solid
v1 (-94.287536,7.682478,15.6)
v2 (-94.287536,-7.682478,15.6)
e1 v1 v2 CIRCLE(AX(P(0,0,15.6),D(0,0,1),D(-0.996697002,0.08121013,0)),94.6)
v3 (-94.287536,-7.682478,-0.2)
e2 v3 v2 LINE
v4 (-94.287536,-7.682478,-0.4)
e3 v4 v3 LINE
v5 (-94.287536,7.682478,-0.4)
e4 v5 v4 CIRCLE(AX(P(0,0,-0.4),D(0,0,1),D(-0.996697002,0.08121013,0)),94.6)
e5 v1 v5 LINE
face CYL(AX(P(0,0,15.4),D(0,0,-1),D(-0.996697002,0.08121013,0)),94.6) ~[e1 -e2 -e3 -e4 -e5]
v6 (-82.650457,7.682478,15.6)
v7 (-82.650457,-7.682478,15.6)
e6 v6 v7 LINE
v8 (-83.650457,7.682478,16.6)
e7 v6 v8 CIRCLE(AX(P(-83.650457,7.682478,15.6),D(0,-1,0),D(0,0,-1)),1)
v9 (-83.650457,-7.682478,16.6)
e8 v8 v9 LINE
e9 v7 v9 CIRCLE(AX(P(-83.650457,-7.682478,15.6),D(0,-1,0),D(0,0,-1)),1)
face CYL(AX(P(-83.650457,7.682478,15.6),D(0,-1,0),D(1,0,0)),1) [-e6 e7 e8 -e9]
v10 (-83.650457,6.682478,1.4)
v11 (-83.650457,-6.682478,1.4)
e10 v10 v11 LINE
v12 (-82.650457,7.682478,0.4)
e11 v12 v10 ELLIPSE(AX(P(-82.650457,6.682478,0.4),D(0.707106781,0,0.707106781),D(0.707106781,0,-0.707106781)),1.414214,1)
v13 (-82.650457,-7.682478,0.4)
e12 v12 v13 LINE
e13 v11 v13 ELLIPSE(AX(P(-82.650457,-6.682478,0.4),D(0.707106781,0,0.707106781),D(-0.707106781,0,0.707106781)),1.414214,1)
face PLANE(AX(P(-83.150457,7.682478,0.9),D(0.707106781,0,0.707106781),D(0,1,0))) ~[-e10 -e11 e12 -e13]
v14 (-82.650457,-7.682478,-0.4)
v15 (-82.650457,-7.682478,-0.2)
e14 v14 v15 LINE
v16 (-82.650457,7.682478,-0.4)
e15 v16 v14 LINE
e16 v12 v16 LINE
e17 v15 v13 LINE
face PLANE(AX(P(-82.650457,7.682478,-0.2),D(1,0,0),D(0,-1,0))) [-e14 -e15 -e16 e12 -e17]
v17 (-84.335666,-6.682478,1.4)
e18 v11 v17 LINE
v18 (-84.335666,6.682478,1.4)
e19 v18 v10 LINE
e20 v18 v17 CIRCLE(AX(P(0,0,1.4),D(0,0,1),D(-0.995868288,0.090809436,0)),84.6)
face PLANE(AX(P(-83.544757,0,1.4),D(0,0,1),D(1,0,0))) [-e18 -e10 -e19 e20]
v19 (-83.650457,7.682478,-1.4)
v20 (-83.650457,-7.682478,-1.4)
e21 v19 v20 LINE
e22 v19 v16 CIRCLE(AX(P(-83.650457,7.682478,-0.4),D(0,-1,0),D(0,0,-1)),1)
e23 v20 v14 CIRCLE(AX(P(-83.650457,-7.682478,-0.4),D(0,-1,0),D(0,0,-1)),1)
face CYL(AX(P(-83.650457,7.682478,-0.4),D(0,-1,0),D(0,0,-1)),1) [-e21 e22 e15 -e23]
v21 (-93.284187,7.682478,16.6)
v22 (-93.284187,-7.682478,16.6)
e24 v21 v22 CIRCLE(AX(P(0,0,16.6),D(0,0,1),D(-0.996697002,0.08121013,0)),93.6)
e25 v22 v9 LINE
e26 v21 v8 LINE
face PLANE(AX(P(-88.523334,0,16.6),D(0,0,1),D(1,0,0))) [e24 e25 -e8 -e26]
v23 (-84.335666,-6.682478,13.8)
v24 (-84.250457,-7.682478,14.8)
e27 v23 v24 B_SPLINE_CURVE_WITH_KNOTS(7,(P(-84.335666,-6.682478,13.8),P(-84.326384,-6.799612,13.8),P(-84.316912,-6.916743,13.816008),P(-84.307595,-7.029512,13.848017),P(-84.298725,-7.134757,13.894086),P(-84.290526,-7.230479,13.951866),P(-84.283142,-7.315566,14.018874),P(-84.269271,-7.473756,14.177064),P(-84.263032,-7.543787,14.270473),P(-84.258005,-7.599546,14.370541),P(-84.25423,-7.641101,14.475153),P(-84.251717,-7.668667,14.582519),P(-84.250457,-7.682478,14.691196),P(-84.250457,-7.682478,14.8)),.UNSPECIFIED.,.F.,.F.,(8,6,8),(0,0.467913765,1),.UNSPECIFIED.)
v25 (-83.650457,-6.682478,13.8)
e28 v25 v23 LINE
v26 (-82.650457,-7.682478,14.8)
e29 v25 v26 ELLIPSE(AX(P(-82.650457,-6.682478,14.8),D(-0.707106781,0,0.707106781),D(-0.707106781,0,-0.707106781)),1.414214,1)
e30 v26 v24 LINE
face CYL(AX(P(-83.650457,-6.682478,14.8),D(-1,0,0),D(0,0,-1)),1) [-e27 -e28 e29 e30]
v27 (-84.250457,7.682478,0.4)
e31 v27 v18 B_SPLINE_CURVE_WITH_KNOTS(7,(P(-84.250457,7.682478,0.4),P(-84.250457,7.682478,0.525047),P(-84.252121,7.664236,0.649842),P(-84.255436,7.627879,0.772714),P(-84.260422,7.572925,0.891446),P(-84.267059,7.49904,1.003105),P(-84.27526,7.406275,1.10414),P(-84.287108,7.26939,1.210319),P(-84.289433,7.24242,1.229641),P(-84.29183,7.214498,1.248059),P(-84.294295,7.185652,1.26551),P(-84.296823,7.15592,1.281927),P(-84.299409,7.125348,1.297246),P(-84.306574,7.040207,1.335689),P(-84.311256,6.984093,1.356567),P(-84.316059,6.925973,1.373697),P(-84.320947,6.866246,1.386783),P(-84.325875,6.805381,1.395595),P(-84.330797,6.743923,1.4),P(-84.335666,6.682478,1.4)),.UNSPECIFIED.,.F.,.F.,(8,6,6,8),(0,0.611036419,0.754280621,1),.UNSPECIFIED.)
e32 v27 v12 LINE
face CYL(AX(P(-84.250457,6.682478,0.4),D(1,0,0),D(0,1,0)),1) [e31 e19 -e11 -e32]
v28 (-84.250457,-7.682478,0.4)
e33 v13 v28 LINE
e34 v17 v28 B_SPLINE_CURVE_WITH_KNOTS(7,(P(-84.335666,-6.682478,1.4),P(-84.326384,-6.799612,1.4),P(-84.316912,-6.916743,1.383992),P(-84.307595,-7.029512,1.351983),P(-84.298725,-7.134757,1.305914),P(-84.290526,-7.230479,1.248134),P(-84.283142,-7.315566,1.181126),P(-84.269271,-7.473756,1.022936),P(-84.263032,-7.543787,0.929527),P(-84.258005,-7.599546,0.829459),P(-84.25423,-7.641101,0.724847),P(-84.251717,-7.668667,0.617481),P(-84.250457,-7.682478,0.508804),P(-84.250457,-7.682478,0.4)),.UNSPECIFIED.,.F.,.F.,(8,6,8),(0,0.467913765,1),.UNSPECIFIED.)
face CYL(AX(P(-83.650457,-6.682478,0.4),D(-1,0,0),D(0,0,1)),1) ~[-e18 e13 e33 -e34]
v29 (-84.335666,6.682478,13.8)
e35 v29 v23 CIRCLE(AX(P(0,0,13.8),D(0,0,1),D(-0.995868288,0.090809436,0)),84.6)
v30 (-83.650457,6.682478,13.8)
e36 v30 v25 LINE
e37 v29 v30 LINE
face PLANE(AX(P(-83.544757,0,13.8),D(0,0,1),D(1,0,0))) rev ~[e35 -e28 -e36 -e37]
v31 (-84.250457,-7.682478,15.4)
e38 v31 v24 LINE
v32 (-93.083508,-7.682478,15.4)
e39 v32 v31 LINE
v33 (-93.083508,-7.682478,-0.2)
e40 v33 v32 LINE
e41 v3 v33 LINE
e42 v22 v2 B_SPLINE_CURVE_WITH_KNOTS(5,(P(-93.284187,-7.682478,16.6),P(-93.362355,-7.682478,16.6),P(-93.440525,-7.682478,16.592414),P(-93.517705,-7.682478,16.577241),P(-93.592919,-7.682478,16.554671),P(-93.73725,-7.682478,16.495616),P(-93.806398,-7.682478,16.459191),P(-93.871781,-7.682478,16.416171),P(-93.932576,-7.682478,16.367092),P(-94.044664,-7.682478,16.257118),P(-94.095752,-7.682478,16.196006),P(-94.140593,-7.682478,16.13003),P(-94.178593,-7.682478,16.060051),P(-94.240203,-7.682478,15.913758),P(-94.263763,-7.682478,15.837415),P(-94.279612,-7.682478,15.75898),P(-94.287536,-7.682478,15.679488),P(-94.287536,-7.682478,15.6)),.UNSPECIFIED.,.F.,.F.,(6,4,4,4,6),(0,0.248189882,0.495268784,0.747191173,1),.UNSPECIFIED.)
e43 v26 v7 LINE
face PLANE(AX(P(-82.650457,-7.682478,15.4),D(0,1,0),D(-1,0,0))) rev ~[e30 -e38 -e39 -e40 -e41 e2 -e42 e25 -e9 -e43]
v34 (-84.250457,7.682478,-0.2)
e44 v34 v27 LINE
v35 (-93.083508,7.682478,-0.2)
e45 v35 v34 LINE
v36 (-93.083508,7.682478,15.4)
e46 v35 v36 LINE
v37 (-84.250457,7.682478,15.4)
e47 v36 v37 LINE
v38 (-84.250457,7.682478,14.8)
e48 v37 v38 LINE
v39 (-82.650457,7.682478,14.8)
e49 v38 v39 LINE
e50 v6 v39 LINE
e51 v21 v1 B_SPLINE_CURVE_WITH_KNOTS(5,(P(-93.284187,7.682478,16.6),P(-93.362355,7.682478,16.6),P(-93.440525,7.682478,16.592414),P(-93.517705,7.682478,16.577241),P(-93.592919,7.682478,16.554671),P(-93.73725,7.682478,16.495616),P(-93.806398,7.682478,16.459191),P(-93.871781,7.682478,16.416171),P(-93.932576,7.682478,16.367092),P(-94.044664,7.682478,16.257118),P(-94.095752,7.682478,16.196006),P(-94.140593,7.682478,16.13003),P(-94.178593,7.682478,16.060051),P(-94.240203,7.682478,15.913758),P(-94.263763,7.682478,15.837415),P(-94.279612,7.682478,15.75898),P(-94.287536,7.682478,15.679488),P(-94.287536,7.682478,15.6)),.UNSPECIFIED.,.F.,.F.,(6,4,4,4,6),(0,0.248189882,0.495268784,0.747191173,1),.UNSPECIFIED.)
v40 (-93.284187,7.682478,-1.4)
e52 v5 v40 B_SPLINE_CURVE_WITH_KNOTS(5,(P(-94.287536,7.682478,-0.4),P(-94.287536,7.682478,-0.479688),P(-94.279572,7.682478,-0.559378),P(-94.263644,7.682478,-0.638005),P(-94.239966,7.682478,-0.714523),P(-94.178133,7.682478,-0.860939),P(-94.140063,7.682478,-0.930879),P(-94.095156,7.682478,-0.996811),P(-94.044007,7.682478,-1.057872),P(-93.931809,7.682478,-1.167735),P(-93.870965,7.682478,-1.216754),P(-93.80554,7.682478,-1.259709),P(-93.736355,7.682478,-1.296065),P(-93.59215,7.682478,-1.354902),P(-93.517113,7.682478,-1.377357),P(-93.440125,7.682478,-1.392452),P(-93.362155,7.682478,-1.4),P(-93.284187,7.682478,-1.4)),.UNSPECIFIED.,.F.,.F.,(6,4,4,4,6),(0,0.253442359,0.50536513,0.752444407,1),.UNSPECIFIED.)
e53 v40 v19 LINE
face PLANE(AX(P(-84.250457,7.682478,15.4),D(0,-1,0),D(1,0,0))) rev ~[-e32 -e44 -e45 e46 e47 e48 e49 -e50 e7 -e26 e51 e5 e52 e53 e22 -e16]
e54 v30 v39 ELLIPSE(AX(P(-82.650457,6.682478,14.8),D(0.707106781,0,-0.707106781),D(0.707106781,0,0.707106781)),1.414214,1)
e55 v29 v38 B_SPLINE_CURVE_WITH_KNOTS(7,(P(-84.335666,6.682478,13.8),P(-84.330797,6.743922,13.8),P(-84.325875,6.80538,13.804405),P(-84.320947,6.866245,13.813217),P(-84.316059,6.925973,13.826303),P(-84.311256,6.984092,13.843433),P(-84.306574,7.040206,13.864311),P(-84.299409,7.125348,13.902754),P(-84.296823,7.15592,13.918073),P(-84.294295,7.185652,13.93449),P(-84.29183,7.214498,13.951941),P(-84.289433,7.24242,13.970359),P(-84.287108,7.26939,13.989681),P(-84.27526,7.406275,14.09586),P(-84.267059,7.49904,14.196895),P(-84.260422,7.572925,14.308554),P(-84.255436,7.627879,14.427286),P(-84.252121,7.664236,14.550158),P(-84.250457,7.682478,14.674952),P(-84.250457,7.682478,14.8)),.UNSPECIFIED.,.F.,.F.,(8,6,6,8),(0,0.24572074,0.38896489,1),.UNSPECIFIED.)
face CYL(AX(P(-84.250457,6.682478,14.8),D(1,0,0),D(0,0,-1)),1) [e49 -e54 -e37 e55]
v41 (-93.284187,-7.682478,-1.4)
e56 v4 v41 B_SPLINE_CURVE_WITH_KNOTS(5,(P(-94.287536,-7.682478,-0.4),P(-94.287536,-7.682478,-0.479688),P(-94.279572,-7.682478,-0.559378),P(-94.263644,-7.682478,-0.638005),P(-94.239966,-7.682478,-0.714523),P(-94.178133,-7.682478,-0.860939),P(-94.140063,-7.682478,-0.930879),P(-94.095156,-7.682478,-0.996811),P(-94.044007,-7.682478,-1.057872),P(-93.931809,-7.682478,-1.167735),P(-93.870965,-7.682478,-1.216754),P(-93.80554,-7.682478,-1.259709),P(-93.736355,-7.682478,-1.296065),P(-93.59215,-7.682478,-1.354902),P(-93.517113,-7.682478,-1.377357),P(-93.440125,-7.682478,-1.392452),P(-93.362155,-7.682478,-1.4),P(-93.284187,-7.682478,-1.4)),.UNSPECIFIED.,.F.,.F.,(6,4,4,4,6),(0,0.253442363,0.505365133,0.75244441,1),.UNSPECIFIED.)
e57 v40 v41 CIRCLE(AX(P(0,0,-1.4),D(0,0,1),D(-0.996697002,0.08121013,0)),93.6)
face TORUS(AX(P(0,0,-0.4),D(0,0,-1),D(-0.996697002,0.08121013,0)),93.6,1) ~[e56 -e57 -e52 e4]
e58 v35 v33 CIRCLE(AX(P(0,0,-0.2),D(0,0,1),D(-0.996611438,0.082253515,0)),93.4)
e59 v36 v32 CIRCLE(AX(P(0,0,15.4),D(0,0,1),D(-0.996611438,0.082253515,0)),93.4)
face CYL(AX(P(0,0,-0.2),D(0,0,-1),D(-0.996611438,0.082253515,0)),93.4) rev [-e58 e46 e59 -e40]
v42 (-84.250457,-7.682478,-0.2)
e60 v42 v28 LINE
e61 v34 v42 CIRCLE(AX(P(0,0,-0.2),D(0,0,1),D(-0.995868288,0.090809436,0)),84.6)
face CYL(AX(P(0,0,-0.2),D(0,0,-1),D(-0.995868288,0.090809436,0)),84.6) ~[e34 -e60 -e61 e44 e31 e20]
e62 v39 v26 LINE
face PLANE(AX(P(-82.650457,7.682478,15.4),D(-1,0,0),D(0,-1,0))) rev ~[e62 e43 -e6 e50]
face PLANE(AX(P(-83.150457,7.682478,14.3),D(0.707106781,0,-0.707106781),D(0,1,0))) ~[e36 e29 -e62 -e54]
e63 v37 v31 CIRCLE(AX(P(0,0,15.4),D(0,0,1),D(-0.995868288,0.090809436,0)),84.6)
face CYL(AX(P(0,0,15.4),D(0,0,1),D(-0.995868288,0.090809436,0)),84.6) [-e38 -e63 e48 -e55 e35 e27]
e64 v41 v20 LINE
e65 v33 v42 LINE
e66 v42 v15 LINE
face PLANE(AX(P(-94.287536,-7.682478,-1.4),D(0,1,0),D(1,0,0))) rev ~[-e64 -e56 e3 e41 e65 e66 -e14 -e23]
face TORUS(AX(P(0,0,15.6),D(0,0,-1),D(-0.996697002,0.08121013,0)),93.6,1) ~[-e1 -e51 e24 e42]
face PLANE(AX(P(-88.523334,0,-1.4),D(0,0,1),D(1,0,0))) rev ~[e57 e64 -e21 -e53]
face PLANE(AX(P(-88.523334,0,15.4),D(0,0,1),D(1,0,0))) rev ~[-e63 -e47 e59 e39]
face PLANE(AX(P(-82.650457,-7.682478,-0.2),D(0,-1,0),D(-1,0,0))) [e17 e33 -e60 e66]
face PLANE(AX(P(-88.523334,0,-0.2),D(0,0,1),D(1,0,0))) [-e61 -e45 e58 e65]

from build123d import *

# Parameters (mm, degrees)
PAD011_DEPTH    = 1.2
PAD012_DEPTH    = 15.6
PAD013_DEPTH    = 1.2
PAD014_DEPTH    = 1.6
PAD015_DEPTH    = 1.6
CHAMFER004_SIZE = 1
FILLET002_R     = 1


with BuildPart() as part:
    # Sketch018 → Pad011 (new body)
    with BuildSketch(Plane.XY):
        with BuildLine():
            ThreePointArc((-94.2875364362, 7.682478298), (-94.6, 0), (-94.2875364362, -7.682478298))
            Line((-94.2875364362, -7.682478298), (-82.6504571335, -7.6824782979))
            Line((-82.6504571335, 7.682478298), (-82.6504571335, -7.6824782979))
            Line((-94.2875364362, 7.682478298), (-82.6504571335, 7.682478298))
        make_face()
    extrude(amount=PAD011_DEPTH)

    # Sketch019 → Pad012 (join)
    with BuildSketch(Plane.XY.offset(1.2)):
        with BuildLine():
            ThreePointArc((-94.2875364362, 7.682478298), (-94.6, 0), (-94.2875364362, -7.682478298))
            Line((-93.0835083525, -7.682478298), (-94.2875364362, -7.682478298))
            ThreePointArc((-93.0835083525, 7.682478298), (-93.4, 0), (-93.0835083525, -7.682478298))
            Line((-94.2875364362, 7.682478298), (-93.0835083525, 7.682478298))
        make_face()
    extrude(amount=PAD012_DEPTH)

    # Sketch020 → Pad013 (join)
    with BuildSketch(Plane.XY.offset(16.8)):
        with BuildLine():
            ThreePointArc((-94.2875364362, 7.682478298), (-94.6, 0), (-94.2875364362, -7.682478298))
            Line((-94.2875364362, -7.682478298), (-82.6504571335, -7.682478298))
            Line((-82.6504571335, 7.682478298), (-82.6504571335, -7.682478298))
            Line((-94.2875364362, 7.682478298), (-82.6504571335, 7.682478298))
        make_face()
    extrude(amount=PAD013_DEPTH)

    # Sketch021 → Pad014 (join)
    with BuildSketch(Plane.XY.offset(1.2)):
        with BuildLine():
            ThreePointArc((-84.2504571335, 7.682478298), (-84.6, 0), (-84.2504571335, -7.682478298))
            Line((-82.6504571335, -7.682478298), (-84.2504571335, -7.682478298))
            Line((-82.6504571335, 7.682478298), (-82.6504571335, -7.682478298))
            Line((-84.2504571335, 7.682478298), (-82.6504571335, 7.682478298))
        make_face()
    extrude(amount=PAD014_DEPTH)

    # Sketch022 → Pad015 (join)
    with BuildSketch(Plane.XY.offset(16.8)):
        with BuildLine():
            ThreePointArc((-84.2504571335, 7.682478298), (-84.6, 0), (-84.2504571335, -7.682478298))
            Line((-82.6504571335, -7.682478298), (-84.2504571335, -7.682478298))
            Line((-82.6504571335, 7.682478298), (-82.6504571335, -7.682478298))
            Line((-84.2504571335, 7.682478298), (-82.6504571335, 7.682478298))
        make_face()
    extrude(amount=-PAD015_DEPTH)

    # Chamfer004
    chamfer004_edges = [part.edges().sort_by_distance(p)[0] for p in [
        (-82.650457, 0, 2.8),
        (-82.650457, 0, 15.2),
    ]]
    chamfer(chamfer004_edges, length=CHAMFER004_SIZE)

    # Fillet002
    fillet002_edges = [part.edges().sort_by_distance(p)[0] for p in [
        (-94.6, 0, 18),
        (-94.6, 0, 0),
        (-82.650457, 0, 18),
        (-82.650457, 0, 0),
        (-83.950457, -7.682478, 2.8),
        (-83.950457, 7.682478, 2.8),
        (-83.950457, 7.682478, 15.2),
        (-83.950457, -7.682478, 15.2),
    ]]
    fillet(fillet002_edges, radius=FILLET002_R)


with BuildPart() as part_1:
    # Body005 placement: moved
    add(part.part.moved(Location((0, 0, -1.4))))


solid = part_1.part
